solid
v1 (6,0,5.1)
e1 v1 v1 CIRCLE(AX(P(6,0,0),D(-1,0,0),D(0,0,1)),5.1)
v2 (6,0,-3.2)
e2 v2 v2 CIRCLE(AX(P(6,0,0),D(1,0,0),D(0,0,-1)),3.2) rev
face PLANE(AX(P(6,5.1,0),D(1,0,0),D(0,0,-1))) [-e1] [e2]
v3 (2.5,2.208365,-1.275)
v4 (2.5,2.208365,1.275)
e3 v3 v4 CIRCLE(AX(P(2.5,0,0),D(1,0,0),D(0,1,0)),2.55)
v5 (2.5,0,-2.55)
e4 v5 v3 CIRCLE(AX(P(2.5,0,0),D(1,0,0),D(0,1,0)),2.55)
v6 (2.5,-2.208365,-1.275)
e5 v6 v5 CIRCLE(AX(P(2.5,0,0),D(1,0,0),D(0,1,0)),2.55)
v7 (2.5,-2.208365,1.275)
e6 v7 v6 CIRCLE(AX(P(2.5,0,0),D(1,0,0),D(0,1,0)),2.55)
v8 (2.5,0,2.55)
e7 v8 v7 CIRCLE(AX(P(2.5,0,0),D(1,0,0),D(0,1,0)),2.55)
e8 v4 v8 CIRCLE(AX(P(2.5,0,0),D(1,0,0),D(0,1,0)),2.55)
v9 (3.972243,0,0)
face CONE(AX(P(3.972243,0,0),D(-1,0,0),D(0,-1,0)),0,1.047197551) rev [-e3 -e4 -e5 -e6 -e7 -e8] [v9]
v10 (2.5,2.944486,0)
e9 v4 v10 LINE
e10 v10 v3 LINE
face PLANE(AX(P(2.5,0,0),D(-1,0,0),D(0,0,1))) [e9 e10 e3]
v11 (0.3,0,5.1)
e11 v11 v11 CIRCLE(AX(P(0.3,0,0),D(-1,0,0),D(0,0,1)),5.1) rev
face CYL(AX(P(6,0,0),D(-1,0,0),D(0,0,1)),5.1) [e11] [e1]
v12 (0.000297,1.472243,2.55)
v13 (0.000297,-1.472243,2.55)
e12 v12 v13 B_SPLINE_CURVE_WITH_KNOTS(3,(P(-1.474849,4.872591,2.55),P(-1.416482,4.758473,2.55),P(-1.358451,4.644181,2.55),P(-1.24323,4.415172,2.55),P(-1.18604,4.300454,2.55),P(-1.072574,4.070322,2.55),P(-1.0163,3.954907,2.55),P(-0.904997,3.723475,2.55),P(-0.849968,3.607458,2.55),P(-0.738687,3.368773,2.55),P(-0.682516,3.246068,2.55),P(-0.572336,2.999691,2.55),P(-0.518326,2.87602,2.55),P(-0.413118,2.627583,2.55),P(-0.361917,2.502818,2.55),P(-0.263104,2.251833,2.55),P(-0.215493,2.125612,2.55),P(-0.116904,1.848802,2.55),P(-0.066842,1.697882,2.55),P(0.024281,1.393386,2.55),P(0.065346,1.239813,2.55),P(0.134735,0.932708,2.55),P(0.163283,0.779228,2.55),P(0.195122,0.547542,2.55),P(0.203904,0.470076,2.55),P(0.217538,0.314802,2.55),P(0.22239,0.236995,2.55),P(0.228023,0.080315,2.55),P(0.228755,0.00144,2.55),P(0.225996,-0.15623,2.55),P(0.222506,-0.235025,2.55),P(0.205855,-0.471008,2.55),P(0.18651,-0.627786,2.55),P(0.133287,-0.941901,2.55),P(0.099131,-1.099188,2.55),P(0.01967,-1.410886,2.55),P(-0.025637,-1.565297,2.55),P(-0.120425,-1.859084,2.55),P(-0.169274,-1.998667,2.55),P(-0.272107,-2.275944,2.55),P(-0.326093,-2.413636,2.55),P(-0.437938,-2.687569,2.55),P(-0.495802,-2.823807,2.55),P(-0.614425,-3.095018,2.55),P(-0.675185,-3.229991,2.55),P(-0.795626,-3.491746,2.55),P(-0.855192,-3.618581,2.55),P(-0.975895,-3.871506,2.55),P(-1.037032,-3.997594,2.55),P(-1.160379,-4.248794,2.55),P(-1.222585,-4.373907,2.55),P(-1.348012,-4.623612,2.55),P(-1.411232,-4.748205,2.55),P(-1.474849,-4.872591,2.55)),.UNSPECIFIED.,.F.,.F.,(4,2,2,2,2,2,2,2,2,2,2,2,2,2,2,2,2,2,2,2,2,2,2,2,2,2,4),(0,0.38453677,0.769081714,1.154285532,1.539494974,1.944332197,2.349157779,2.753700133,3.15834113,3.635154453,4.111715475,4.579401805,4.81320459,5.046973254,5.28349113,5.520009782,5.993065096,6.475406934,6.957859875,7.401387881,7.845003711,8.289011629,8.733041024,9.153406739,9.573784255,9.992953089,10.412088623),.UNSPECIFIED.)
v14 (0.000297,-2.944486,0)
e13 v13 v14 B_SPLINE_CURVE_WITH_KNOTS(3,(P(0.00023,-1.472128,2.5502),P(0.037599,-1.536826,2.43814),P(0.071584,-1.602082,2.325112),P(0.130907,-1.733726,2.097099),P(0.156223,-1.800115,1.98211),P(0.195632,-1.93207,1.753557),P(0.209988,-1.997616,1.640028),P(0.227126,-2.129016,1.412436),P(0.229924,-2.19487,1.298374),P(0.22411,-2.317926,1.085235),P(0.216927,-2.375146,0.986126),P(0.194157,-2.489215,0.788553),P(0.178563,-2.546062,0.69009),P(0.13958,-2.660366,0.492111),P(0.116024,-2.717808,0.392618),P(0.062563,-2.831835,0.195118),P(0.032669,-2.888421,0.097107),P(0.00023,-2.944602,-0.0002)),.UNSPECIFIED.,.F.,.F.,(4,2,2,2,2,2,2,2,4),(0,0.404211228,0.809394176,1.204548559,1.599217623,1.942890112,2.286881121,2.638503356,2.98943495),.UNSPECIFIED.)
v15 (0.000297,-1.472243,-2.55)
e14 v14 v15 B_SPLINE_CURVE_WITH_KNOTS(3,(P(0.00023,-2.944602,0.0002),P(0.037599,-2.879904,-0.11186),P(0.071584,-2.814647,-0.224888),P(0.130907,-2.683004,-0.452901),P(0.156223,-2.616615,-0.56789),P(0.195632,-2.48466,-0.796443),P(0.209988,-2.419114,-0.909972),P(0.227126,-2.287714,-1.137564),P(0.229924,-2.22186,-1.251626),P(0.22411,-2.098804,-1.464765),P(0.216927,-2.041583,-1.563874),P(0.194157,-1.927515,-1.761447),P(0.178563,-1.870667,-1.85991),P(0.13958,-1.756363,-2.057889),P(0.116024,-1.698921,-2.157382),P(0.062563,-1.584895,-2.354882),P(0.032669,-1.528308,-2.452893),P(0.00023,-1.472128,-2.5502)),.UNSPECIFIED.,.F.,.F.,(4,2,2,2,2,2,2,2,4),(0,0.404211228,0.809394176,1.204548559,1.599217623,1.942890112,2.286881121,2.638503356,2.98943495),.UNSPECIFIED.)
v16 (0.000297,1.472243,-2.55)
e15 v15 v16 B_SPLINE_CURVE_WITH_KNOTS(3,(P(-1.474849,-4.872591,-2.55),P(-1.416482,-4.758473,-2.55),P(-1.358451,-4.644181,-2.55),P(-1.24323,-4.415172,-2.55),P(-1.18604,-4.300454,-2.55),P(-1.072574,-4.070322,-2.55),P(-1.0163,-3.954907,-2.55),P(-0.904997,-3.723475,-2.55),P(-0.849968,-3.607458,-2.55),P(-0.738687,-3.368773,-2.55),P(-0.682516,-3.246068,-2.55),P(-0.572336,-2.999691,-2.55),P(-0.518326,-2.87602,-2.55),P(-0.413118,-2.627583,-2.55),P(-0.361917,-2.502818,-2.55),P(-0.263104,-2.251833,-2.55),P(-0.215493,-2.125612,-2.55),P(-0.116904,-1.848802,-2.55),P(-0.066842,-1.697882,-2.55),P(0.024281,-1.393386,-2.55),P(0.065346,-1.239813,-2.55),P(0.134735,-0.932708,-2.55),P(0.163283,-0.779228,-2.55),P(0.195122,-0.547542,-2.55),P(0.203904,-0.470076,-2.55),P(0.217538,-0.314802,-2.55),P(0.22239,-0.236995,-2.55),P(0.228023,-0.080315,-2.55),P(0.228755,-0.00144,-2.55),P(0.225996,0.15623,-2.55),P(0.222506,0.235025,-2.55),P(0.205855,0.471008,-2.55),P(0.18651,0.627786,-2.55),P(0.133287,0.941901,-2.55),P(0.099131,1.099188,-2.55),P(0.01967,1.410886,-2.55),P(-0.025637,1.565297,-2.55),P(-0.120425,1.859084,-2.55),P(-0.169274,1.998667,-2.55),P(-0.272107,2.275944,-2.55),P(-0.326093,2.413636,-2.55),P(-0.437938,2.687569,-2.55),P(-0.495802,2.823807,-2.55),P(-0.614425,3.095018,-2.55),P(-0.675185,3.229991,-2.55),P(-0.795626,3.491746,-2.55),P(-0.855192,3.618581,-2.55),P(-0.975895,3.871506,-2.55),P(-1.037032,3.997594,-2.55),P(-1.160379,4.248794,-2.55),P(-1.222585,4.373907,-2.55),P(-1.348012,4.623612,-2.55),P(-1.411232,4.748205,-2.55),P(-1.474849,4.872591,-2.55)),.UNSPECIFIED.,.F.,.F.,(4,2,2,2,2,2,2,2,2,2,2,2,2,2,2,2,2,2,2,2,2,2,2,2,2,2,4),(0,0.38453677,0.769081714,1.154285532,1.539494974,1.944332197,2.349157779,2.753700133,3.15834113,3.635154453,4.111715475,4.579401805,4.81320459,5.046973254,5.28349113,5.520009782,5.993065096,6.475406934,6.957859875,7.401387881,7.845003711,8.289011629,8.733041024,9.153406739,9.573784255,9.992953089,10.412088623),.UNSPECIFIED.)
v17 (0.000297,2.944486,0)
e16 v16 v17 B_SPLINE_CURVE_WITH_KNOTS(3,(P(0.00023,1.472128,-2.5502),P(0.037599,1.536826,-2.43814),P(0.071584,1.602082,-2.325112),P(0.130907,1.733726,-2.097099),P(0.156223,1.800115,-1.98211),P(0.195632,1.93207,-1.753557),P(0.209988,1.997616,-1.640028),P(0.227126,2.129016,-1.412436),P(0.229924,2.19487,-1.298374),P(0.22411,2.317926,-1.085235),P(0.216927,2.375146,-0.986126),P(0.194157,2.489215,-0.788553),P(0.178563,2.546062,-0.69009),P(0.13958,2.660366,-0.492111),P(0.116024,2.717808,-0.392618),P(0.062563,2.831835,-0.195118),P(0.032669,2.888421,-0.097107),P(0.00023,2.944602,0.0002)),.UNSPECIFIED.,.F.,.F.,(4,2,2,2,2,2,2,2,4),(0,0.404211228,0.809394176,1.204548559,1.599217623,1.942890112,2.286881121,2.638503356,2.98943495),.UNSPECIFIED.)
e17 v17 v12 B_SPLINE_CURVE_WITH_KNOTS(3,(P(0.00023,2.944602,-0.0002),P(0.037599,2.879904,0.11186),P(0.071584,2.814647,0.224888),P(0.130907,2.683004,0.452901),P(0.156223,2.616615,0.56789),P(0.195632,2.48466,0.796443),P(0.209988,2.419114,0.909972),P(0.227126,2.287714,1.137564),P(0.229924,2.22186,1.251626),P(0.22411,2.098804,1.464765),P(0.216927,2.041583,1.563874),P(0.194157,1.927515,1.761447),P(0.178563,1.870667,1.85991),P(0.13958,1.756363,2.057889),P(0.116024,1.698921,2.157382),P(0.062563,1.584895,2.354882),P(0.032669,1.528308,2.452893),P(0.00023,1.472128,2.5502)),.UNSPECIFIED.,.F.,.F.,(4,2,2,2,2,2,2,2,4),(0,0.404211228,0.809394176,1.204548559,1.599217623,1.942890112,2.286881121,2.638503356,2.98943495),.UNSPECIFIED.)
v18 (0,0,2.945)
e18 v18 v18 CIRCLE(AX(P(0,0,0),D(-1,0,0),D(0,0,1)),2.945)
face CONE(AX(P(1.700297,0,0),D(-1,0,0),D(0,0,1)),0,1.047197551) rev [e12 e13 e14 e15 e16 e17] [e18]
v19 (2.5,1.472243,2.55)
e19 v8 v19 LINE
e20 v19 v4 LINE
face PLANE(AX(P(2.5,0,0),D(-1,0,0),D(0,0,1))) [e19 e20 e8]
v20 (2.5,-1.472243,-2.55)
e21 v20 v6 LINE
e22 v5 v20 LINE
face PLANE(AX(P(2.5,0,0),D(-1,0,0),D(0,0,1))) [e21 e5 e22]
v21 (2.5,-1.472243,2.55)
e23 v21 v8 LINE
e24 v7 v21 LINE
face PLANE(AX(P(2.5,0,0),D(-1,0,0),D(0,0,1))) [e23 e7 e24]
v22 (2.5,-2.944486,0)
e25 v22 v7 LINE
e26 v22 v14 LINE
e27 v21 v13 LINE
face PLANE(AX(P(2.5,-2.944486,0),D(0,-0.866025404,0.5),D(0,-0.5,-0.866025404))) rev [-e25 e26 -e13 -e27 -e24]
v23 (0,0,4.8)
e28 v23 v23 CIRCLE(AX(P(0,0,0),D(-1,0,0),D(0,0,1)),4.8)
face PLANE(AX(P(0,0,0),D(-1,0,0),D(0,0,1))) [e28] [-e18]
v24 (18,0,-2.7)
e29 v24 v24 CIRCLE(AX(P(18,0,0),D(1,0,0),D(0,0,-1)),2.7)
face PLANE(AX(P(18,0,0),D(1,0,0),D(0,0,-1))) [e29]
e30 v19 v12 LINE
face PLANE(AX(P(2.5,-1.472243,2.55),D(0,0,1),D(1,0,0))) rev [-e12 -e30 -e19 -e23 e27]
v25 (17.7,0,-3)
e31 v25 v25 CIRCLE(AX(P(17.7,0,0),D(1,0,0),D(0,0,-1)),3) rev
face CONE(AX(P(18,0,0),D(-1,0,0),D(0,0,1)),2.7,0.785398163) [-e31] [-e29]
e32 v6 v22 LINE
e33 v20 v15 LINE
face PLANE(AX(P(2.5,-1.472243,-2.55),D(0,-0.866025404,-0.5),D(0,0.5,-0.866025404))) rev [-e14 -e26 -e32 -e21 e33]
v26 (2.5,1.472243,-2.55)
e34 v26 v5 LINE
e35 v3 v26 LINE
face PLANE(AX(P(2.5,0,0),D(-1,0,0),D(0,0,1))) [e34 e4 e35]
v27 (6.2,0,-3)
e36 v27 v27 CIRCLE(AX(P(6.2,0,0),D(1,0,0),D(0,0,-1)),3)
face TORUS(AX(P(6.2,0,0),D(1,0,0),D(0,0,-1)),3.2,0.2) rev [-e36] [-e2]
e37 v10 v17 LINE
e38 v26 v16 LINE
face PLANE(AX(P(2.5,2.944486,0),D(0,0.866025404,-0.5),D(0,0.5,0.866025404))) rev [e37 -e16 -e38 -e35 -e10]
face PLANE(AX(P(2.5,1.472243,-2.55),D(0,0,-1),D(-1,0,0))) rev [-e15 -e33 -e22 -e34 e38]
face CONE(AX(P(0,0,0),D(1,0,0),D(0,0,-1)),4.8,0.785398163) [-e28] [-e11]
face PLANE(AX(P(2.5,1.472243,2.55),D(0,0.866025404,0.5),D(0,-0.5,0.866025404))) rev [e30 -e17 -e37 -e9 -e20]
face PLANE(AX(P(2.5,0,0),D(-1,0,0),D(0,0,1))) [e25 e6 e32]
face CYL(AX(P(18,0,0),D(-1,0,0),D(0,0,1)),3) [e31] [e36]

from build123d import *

# Parameters (mm, degrees)
ESBO_O1_W                = 6
ESBO_O1_H                = 5.1
ESBO_O2_R                = 3
RESSALTO_EXTRUS_O1_DEPTH = 12
CORTE_EXTRUS_O1_DEPTH    = 2.5
CHANFRO1_SIZE            = 0.3
FILETE1_R                = 0.2


with BuildPart() as part:
    # Esboço1 → Revolução1 (revolve)
    with BuildSketch(Plane(origin=(0, 0, 0), x_dir=(-1, 0, 0), z_dir=(0, 0, -1)), mode=Mode.PRIVATE) as revolu_o1_sk:
        with Locations((-3, 2.55)):
            Rectangle(ESBO_O1_W, ESBO_O1_H)
    revolve(revolu_o1_sk.sketch.rotate(Axis((6, 0, 0), (-1, 0, 0)), 270), axis=Axis((6, 0, 0), (-1, 0, 0)))

    # Esboço2 → Ressalto-extrusão1 (add)
    with BuildSketch(Plane(origin=(6, 0, 0), x_dir=(0, 0, -1), z_dir=(1, 0, 0))):
        Circle(ESBO_O2_R)
    extrude(amount=RESSALTO_EXTRUS_O1_DEPTH)

    # Esboço3 → Corte-extrusão1 (cut)
    with BuildSketch(Plane.ZY):
        Polygon((0, 2.944486373), (-2.55, 1.472243186), (-2.55, -1.472243186), (0, -2.944486373), (2.55, -1.472243186), (2.55, 1.472243186), align=None)
    extrude(amount=-CORTE_EXTRUS_O1_DEPTH, mode=Mode.SUBTRACT)

    # Esboço4 → Corte-Revolução1 (revolve, cut)
    with BuildSketch(Plane.XY, mode=Mode.PRIVATE) as corte_revolu_o1_sk:
        Polygon((2.5, 2.55), (2.5, 0), (3.972243186, 0), align=None)
    revolve(corte_revolu_o1_sk.sketch.rotate(Axis((2.5, 0, 0), (1, 0, 0)), 180), axis=Axis((2.5, 0, 0), (1, 0, 0)), mode=Mode.SUBTRACT)

    # Chanfro1
    chanfro1_edges = [part.edges().sort_by_distance(p)[0] for p in [
        (18, 0, 3),
        (0, 0, -5.1),
    ]]
    chamfer(chanfro1_edges, length=CHANFRO1_SIZE)

    # Filete1
    filete1_edges = [part.edges().sort_by_distance(p)[0] for p in [
        (6, 0, 3),
    ]]
    fillet(filete1_edges, radius=FILETE1_R)

    # Sketch1 → Cut-Revolve1 (revolve, cut)
    with BuildSketch(Plane(origin=(0, 0, 0), x_dir=(1, 0, 0), z_dir=(0, 1, 0)), mode=Mode.PRIVATE) as cut_revolve1_sk:
        Polygon((0, 2.945), (1.700296543, 0), (0, 0), align=None)
    revolve(cut_revolve1_sk.sketch.rotate(Axis((1.700296543, 0, 0), (1, 0, 0)), 180), axis=Axis((1.700296543, 0, 0), (1, 0, 0)), mode=Mode.SUBTRACT)


solid = part.part
